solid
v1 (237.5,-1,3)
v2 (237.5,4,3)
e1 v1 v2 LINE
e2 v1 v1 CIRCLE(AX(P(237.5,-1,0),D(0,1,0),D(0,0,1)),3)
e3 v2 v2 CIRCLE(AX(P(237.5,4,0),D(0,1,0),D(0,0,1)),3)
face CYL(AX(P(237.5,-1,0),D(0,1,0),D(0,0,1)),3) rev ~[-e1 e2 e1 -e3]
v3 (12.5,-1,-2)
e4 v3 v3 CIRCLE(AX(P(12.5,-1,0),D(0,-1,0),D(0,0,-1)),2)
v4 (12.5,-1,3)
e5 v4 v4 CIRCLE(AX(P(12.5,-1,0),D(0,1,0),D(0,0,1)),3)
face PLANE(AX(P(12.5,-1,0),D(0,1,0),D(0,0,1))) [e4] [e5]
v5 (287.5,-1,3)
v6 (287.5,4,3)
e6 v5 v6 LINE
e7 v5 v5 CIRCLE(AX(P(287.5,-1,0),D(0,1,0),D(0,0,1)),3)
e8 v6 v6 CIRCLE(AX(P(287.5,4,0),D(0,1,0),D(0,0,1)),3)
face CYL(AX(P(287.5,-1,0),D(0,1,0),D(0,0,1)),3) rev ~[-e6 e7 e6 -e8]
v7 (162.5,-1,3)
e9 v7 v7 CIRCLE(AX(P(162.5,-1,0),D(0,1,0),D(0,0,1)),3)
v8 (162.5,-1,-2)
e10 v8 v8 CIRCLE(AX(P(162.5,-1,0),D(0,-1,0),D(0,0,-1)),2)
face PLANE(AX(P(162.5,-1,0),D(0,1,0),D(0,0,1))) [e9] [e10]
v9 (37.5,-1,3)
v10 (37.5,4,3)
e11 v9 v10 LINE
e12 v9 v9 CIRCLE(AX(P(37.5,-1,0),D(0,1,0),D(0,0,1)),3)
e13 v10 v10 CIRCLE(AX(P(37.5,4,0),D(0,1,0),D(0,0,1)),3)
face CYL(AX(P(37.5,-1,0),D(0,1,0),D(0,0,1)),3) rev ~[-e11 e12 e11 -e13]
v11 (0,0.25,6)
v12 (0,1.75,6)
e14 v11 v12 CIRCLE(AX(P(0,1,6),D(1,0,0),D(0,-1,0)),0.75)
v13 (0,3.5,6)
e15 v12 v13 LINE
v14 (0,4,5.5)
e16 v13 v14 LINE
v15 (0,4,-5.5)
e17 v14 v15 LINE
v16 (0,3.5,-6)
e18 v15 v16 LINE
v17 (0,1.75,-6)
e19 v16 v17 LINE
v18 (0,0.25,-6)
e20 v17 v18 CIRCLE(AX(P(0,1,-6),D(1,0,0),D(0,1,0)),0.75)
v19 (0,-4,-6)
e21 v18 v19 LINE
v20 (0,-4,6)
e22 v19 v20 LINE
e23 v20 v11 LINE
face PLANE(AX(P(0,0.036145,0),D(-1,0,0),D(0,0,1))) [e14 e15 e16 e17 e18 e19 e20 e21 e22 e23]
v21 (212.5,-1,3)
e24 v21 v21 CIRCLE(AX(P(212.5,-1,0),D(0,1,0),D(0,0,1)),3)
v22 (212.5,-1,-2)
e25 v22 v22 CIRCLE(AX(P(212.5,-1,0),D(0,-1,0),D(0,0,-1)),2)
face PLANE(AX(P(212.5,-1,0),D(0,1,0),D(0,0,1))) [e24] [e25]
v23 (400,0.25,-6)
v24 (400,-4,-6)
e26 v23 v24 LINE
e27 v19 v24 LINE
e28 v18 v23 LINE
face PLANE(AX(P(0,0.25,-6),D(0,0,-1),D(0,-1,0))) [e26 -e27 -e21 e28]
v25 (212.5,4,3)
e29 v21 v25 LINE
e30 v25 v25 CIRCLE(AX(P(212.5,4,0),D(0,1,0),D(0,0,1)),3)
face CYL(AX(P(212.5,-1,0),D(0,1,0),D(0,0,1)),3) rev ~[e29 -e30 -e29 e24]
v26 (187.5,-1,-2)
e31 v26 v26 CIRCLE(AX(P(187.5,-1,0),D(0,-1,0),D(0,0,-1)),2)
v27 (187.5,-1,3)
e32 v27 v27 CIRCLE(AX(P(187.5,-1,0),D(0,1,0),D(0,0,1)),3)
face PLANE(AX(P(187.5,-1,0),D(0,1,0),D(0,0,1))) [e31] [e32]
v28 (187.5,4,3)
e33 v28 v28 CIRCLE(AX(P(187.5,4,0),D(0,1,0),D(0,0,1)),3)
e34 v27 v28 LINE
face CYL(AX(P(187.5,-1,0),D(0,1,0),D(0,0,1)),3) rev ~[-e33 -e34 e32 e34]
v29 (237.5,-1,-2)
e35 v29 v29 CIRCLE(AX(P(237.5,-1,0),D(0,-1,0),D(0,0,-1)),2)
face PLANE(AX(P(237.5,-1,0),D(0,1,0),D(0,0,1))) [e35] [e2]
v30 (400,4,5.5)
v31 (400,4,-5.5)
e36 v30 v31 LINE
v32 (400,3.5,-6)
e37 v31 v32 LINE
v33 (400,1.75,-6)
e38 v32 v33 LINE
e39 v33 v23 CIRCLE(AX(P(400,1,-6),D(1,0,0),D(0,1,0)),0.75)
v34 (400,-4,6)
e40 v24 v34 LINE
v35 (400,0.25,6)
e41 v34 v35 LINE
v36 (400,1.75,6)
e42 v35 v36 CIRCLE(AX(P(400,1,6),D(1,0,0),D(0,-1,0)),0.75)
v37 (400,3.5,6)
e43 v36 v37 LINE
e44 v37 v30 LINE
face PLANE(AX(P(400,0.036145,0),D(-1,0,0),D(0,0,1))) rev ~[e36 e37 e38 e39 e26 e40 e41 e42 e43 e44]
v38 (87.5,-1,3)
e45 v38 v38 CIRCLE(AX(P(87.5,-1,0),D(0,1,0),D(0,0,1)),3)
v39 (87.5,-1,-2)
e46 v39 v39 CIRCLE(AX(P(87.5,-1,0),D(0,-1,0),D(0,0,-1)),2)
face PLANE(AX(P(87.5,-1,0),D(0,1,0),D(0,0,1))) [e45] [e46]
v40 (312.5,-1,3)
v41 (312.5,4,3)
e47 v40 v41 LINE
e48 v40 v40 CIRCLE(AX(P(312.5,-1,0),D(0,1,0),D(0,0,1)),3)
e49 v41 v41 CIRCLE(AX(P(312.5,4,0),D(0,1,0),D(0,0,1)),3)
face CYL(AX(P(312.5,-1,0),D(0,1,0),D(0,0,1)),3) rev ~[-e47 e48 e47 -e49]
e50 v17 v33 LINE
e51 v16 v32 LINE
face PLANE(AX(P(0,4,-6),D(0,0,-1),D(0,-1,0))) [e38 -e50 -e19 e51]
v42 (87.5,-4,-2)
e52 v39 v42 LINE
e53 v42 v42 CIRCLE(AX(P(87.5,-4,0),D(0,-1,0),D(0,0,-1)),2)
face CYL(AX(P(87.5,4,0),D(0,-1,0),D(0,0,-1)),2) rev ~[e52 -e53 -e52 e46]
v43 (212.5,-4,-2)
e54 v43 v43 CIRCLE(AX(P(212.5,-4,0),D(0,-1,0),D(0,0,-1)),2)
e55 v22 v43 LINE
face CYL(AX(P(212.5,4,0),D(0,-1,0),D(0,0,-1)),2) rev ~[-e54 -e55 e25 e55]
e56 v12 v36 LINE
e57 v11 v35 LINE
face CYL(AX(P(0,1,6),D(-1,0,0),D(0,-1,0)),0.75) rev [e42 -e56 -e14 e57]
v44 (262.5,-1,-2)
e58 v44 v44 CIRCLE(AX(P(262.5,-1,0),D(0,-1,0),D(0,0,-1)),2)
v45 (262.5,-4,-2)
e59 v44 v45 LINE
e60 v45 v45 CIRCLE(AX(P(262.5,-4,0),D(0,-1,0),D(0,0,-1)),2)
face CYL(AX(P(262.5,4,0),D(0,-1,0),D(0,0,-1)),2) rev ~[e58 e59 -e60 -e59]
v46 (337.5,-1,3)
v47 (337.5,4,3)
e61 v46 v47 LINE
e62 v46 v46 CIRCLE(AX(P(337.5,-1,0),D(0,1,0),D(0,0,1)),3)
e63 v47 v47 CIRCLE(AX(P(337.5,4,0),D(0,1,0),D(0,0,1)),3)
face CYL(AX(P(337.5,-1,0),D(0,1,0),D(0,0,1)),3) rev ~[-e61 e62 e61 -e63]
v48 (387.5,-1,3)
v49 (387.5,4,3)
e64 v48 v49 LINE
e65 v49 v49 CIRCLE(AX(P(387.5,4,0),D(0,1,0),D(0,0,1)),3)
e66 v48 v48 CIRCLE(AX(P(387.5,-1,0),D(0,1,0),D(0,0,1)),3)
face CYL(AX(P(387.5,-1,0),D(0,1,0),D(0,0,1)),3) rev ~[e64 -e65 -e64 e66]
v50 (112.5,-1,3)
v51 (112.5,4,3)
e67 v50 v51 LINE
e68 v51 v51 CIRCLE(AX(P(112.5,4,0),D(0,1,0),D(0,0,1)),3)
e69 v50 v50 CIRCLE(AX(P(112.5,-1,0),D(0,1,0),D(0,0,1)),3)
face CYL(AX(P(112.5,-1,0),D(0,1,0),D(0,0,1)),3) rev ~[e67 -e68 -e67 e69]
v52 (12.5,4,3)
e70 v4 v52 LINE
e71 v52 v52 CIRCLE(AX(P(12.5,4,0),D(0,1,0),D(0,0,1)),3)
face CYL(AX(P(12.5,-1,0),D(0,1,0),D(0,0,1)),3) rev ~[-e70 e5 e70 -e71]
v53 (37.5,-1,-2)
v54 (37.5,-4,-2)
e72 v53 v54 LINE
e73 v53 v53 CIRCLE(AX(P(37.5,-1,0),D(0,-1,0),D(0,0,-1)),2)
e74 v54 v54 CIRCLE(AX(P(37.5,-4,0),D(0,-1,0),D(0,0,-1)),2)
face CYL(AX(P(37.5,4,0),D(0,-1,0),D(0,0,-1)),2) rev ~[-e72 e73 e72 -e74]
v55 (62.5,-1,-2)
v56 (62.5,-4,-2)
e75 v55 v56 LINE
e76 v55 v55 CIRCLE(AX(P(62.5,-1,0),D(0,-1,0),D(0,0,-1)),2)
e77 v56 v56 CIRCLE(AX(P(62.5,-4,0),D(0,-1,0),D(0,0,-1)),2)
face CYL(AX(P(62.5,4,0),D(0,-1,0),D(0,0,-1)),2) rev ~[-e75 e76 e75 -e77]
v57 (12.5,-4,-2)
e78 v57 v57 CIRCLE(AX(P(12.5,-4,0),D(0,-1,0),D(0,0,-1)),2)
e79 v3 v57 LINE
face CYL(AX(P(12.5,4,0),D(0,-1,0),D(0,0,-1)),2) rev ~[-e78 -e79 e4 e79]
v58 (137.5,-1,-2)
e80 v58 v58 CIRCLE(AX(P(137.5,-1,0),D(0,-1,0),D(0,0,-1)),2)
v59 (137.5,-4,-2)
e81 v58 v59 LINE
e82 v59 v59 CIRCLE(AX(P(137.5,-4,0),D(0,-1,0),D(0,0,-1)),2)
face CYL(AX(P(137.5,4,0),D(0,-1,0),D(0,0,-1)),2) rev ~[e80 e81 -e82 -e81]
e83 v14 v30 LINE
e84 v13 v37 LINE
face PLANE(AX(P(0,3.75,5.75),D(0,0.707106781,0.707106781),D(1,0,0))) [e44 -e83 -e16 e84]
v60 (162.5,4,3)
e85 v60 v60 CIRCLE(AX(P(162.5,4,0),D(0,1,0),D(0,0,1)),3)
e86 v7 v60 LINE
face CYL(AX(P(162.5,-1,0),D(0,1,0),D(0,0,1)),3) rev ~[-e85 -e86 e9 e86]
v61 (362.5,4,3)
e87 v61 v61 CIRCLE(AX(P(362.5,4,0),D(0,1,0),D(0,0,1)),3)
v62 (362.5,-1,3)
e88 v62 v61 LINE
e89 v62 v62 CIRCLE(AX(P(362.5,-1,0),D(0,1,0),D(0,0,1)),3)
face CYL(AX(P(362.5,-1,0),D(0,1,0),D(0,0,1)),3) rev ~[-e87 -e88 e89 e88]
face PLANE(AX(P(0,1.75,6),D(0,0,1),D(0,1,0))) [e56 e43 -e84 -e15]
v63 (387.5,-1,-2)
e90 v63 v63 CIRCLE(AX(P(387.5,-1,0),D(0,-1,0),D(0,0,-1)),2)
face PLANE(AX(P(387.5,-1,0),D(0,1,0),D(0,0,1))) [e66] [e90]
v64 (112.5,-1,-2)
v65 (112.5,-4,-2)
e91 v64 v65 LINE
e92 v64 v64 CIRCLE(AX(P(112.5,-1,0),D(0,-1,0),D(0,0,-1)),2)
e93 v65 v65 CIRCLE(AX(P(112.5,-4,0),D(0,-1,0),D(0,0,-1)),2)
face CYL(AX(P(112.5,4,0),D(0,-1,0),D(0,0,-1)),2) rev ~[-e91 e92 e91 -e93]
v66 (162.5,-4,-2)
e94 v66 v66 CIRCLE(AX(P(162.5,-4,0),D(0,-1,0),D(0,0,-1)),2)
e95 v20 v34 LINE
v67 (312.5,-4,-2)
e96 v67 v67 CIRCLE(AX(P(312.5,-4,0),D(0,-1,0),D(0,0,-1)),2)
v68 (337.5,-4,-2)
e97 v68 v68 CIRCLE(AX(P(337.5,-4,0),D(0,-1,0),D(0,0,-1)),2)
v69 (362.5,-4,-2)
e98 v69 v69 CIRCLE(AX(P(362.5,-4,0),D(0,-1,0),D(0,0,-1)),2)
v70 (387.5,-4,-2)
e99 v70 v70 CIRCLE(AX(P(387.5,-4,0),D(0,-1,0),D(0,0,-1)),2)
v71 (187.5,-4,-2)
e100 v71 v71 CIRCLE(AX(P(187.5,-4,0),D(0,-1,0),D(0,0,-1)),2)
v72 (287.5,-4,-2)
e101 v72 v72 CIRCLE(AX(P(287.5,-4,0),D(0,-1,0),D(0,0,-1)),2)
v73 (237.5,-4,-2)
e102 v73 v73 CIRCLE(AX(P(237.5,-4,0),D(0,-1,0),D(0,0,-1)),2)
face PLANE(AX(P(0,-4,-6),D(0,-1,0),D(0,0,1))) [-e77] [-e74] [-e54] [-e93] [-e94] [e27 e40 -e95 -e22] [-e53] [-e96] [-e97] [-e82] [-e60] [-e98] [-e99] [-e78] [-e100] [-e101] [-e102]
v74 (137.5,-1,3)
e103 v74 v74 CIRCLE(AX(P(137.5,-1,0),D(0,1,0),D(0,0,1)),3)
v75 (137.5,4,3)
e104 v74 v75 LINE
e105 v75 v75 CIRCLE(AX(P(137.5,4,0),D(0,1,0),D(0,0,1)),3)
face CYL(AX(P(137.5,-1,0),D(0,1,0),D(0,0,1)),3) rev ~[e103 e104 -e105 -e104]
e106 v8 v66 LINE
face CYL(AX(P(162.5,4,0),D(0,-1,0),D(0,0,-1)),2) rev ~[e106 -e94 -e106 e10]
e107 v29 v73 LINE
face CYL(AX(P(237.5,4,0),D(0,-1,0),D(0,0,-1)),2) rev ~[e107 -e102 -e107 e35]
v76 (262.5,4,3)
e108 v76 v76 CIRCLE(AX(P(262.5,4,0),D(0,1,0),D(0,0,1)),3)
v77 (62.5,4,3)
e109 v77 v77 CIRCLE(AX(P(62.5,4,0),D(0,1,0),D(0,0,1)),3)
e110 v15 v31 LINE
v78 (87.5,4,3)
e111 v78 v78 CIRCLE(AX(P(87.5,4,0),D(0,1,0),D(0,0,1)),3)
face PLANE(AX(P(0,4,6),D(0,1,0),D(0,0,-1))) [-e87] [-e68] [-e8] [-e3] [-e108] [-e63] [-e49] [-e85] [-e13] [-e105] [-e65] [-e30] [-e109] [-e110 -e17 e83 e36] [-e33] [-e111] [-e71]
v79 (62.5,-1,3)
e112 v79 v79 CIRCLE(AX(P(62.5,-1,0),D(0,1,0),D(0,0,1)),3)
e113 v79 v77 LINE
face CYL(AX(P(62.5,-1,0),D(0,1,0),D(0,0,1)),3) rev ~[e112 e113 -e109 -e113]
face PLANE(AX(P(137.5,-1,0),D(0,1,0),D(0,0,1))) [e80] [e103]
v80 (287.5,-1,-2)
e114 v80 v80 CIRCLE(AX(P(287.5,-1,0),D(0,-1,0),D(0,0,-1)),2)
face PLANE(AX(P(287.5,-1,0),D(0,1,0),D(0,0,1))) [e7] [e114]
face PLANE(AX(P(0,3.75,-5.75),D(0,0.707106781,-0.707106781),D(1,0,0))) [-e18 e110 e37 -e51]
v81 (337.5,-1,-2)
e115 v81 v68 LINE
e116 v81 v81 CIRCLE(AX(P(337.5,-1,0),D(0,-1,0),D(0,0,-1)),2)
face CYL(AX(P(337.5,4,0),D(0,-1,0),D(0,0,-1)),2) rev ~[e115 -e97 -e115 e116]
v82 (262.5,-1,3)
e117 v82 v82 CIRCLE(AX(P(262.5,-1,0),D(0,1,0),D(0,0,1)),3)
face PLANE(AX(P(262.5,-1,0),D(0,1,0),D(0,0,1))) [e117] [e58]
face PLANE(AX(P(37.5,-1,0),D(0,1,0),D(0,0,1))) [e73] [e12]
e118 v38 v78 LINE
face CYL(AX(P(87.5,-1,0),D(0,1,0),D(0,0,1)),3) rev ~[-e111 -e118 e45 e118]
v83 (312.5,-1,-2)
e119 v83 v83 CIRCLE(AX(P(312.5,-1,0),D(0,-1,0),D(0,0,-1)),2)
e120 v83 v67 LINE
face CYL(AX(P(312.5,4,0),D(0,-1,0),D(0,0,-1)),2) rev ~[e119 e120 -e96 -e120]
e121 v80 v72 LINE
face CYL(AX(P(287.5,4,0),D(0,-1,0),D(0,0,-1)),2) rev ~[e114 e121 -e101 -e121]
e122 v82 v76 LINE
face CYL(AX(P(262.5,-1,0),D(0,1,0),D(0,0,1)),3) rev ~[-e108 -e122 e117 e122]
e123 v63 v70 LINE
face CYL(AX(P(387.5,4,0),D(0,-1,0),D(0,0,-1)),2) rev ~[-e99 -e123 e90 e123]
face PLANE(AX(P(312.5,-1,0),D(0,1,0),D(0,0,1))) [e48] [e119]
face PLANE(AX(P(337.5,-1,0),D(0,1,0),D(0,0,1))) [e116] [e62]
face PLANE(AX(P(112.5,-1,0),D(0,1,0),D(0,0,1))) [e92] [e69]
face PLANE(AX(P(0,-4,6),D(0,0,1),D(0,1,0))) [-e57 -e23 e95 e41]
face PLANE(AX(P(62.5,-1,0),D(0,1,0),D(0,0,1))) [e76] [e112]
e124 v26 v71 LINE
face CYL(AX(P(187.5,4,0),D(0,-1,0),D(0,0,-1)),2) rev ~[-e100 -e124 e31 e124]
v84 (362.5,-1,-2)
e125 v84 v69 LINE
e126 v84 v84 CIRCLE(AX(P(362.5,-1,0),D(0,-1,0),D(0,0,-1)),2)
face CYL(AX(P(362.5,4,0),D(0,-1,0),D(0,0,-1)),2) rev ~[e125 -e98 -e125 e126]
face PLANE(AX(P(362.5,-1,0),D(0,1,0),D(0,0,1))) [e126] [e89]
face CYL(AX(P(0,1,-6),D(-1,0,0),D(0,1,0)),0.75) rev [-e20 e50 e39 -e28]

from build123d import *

# Parameters (mm, degrees)
AUFSATZ_LINEAR_AUSTRAGEN1_DEPTH                      = 400
FASE1_SIZE                                           = 0.5
STIRNSENKUNG_F_R_M3_D_NNKOPF_ZYLINDERSCH_D           = 4
STIRNSENKUNG_F_R_M3_D_NNKOPF_ZYLINDERSCH_CBORE_D     = 6
STIRNSENKUNG_F_R_M3_D_NNKOPF_ZYLINDERSCH_CBORE_DEPTH = 5


with BuildPart() as part:
    # Skizze1 → Aufsatz-Linear austragen1 (new body)
    with BuildSketch(Plane(origin=(0, 0, 0), x_dir=(0, 0, -1), z_dir=(1, 0, 0))):
        with BuildLine():
            Line((6, -4), (-6, -4))
            Line((-6, -4), (-6, 0.25))
            ThreePointArc((-6, 0.25), (-5.25, 1), (-6, 1.75))
            Line((-6, 1.75), (-6, 4))
            Line((-6, 4), (6, 4))
            Line((6, 4), (6, 1.75))
            ThreePointArc((6, 1.75), (5.25, 1), (6, 0.25))
            Line((6, 0.25), (6, -4))
        make_face()
    extrude(amount=AUFSATZ_LINEAR_AUSTRAGEN1_DEPTH)

    # Fase1
    fase1_edges = [part.edges().sort_by_distance(p)[0] for p in [
        (200, 4, 6),
        (200, 4, -6),
    ]]
    chamfer(fase1_edges, length=FASE1_SIZE)

    # Stirnsenkung für M3 Dünnkopf-Zylinderschraube mit Innensechskant1 (through all)
    with Locations(Plane(origin=(12.5, 4, 0), x_dir=(0, 0, 1), z_dir=(0, 1, 0))):
        with Locations((0, 0), (0, 375), (0, 350), (0, 325), (0, 300), (0, 275), (0, 250), (0, 225), (0, 200), (0, 175), (0, 150), (0, 125), (0, 100), (0, 75), (0, 50), (0, 25)):
            CounterBoreHole(STIRNSENKUNG_F_R_M3_D_NNKOPF_ZYLINDERSCH_D / 2, STIRNSENKUNG_F_R_M3_D_NNKOPF_ZYLINDERSCH_CBORE_D / 2, STIRNSENKUNG_F_R_M3_D_NNKOPF_ZYLINDERSCH_CBORE_DEPTH)


solid = part.part
